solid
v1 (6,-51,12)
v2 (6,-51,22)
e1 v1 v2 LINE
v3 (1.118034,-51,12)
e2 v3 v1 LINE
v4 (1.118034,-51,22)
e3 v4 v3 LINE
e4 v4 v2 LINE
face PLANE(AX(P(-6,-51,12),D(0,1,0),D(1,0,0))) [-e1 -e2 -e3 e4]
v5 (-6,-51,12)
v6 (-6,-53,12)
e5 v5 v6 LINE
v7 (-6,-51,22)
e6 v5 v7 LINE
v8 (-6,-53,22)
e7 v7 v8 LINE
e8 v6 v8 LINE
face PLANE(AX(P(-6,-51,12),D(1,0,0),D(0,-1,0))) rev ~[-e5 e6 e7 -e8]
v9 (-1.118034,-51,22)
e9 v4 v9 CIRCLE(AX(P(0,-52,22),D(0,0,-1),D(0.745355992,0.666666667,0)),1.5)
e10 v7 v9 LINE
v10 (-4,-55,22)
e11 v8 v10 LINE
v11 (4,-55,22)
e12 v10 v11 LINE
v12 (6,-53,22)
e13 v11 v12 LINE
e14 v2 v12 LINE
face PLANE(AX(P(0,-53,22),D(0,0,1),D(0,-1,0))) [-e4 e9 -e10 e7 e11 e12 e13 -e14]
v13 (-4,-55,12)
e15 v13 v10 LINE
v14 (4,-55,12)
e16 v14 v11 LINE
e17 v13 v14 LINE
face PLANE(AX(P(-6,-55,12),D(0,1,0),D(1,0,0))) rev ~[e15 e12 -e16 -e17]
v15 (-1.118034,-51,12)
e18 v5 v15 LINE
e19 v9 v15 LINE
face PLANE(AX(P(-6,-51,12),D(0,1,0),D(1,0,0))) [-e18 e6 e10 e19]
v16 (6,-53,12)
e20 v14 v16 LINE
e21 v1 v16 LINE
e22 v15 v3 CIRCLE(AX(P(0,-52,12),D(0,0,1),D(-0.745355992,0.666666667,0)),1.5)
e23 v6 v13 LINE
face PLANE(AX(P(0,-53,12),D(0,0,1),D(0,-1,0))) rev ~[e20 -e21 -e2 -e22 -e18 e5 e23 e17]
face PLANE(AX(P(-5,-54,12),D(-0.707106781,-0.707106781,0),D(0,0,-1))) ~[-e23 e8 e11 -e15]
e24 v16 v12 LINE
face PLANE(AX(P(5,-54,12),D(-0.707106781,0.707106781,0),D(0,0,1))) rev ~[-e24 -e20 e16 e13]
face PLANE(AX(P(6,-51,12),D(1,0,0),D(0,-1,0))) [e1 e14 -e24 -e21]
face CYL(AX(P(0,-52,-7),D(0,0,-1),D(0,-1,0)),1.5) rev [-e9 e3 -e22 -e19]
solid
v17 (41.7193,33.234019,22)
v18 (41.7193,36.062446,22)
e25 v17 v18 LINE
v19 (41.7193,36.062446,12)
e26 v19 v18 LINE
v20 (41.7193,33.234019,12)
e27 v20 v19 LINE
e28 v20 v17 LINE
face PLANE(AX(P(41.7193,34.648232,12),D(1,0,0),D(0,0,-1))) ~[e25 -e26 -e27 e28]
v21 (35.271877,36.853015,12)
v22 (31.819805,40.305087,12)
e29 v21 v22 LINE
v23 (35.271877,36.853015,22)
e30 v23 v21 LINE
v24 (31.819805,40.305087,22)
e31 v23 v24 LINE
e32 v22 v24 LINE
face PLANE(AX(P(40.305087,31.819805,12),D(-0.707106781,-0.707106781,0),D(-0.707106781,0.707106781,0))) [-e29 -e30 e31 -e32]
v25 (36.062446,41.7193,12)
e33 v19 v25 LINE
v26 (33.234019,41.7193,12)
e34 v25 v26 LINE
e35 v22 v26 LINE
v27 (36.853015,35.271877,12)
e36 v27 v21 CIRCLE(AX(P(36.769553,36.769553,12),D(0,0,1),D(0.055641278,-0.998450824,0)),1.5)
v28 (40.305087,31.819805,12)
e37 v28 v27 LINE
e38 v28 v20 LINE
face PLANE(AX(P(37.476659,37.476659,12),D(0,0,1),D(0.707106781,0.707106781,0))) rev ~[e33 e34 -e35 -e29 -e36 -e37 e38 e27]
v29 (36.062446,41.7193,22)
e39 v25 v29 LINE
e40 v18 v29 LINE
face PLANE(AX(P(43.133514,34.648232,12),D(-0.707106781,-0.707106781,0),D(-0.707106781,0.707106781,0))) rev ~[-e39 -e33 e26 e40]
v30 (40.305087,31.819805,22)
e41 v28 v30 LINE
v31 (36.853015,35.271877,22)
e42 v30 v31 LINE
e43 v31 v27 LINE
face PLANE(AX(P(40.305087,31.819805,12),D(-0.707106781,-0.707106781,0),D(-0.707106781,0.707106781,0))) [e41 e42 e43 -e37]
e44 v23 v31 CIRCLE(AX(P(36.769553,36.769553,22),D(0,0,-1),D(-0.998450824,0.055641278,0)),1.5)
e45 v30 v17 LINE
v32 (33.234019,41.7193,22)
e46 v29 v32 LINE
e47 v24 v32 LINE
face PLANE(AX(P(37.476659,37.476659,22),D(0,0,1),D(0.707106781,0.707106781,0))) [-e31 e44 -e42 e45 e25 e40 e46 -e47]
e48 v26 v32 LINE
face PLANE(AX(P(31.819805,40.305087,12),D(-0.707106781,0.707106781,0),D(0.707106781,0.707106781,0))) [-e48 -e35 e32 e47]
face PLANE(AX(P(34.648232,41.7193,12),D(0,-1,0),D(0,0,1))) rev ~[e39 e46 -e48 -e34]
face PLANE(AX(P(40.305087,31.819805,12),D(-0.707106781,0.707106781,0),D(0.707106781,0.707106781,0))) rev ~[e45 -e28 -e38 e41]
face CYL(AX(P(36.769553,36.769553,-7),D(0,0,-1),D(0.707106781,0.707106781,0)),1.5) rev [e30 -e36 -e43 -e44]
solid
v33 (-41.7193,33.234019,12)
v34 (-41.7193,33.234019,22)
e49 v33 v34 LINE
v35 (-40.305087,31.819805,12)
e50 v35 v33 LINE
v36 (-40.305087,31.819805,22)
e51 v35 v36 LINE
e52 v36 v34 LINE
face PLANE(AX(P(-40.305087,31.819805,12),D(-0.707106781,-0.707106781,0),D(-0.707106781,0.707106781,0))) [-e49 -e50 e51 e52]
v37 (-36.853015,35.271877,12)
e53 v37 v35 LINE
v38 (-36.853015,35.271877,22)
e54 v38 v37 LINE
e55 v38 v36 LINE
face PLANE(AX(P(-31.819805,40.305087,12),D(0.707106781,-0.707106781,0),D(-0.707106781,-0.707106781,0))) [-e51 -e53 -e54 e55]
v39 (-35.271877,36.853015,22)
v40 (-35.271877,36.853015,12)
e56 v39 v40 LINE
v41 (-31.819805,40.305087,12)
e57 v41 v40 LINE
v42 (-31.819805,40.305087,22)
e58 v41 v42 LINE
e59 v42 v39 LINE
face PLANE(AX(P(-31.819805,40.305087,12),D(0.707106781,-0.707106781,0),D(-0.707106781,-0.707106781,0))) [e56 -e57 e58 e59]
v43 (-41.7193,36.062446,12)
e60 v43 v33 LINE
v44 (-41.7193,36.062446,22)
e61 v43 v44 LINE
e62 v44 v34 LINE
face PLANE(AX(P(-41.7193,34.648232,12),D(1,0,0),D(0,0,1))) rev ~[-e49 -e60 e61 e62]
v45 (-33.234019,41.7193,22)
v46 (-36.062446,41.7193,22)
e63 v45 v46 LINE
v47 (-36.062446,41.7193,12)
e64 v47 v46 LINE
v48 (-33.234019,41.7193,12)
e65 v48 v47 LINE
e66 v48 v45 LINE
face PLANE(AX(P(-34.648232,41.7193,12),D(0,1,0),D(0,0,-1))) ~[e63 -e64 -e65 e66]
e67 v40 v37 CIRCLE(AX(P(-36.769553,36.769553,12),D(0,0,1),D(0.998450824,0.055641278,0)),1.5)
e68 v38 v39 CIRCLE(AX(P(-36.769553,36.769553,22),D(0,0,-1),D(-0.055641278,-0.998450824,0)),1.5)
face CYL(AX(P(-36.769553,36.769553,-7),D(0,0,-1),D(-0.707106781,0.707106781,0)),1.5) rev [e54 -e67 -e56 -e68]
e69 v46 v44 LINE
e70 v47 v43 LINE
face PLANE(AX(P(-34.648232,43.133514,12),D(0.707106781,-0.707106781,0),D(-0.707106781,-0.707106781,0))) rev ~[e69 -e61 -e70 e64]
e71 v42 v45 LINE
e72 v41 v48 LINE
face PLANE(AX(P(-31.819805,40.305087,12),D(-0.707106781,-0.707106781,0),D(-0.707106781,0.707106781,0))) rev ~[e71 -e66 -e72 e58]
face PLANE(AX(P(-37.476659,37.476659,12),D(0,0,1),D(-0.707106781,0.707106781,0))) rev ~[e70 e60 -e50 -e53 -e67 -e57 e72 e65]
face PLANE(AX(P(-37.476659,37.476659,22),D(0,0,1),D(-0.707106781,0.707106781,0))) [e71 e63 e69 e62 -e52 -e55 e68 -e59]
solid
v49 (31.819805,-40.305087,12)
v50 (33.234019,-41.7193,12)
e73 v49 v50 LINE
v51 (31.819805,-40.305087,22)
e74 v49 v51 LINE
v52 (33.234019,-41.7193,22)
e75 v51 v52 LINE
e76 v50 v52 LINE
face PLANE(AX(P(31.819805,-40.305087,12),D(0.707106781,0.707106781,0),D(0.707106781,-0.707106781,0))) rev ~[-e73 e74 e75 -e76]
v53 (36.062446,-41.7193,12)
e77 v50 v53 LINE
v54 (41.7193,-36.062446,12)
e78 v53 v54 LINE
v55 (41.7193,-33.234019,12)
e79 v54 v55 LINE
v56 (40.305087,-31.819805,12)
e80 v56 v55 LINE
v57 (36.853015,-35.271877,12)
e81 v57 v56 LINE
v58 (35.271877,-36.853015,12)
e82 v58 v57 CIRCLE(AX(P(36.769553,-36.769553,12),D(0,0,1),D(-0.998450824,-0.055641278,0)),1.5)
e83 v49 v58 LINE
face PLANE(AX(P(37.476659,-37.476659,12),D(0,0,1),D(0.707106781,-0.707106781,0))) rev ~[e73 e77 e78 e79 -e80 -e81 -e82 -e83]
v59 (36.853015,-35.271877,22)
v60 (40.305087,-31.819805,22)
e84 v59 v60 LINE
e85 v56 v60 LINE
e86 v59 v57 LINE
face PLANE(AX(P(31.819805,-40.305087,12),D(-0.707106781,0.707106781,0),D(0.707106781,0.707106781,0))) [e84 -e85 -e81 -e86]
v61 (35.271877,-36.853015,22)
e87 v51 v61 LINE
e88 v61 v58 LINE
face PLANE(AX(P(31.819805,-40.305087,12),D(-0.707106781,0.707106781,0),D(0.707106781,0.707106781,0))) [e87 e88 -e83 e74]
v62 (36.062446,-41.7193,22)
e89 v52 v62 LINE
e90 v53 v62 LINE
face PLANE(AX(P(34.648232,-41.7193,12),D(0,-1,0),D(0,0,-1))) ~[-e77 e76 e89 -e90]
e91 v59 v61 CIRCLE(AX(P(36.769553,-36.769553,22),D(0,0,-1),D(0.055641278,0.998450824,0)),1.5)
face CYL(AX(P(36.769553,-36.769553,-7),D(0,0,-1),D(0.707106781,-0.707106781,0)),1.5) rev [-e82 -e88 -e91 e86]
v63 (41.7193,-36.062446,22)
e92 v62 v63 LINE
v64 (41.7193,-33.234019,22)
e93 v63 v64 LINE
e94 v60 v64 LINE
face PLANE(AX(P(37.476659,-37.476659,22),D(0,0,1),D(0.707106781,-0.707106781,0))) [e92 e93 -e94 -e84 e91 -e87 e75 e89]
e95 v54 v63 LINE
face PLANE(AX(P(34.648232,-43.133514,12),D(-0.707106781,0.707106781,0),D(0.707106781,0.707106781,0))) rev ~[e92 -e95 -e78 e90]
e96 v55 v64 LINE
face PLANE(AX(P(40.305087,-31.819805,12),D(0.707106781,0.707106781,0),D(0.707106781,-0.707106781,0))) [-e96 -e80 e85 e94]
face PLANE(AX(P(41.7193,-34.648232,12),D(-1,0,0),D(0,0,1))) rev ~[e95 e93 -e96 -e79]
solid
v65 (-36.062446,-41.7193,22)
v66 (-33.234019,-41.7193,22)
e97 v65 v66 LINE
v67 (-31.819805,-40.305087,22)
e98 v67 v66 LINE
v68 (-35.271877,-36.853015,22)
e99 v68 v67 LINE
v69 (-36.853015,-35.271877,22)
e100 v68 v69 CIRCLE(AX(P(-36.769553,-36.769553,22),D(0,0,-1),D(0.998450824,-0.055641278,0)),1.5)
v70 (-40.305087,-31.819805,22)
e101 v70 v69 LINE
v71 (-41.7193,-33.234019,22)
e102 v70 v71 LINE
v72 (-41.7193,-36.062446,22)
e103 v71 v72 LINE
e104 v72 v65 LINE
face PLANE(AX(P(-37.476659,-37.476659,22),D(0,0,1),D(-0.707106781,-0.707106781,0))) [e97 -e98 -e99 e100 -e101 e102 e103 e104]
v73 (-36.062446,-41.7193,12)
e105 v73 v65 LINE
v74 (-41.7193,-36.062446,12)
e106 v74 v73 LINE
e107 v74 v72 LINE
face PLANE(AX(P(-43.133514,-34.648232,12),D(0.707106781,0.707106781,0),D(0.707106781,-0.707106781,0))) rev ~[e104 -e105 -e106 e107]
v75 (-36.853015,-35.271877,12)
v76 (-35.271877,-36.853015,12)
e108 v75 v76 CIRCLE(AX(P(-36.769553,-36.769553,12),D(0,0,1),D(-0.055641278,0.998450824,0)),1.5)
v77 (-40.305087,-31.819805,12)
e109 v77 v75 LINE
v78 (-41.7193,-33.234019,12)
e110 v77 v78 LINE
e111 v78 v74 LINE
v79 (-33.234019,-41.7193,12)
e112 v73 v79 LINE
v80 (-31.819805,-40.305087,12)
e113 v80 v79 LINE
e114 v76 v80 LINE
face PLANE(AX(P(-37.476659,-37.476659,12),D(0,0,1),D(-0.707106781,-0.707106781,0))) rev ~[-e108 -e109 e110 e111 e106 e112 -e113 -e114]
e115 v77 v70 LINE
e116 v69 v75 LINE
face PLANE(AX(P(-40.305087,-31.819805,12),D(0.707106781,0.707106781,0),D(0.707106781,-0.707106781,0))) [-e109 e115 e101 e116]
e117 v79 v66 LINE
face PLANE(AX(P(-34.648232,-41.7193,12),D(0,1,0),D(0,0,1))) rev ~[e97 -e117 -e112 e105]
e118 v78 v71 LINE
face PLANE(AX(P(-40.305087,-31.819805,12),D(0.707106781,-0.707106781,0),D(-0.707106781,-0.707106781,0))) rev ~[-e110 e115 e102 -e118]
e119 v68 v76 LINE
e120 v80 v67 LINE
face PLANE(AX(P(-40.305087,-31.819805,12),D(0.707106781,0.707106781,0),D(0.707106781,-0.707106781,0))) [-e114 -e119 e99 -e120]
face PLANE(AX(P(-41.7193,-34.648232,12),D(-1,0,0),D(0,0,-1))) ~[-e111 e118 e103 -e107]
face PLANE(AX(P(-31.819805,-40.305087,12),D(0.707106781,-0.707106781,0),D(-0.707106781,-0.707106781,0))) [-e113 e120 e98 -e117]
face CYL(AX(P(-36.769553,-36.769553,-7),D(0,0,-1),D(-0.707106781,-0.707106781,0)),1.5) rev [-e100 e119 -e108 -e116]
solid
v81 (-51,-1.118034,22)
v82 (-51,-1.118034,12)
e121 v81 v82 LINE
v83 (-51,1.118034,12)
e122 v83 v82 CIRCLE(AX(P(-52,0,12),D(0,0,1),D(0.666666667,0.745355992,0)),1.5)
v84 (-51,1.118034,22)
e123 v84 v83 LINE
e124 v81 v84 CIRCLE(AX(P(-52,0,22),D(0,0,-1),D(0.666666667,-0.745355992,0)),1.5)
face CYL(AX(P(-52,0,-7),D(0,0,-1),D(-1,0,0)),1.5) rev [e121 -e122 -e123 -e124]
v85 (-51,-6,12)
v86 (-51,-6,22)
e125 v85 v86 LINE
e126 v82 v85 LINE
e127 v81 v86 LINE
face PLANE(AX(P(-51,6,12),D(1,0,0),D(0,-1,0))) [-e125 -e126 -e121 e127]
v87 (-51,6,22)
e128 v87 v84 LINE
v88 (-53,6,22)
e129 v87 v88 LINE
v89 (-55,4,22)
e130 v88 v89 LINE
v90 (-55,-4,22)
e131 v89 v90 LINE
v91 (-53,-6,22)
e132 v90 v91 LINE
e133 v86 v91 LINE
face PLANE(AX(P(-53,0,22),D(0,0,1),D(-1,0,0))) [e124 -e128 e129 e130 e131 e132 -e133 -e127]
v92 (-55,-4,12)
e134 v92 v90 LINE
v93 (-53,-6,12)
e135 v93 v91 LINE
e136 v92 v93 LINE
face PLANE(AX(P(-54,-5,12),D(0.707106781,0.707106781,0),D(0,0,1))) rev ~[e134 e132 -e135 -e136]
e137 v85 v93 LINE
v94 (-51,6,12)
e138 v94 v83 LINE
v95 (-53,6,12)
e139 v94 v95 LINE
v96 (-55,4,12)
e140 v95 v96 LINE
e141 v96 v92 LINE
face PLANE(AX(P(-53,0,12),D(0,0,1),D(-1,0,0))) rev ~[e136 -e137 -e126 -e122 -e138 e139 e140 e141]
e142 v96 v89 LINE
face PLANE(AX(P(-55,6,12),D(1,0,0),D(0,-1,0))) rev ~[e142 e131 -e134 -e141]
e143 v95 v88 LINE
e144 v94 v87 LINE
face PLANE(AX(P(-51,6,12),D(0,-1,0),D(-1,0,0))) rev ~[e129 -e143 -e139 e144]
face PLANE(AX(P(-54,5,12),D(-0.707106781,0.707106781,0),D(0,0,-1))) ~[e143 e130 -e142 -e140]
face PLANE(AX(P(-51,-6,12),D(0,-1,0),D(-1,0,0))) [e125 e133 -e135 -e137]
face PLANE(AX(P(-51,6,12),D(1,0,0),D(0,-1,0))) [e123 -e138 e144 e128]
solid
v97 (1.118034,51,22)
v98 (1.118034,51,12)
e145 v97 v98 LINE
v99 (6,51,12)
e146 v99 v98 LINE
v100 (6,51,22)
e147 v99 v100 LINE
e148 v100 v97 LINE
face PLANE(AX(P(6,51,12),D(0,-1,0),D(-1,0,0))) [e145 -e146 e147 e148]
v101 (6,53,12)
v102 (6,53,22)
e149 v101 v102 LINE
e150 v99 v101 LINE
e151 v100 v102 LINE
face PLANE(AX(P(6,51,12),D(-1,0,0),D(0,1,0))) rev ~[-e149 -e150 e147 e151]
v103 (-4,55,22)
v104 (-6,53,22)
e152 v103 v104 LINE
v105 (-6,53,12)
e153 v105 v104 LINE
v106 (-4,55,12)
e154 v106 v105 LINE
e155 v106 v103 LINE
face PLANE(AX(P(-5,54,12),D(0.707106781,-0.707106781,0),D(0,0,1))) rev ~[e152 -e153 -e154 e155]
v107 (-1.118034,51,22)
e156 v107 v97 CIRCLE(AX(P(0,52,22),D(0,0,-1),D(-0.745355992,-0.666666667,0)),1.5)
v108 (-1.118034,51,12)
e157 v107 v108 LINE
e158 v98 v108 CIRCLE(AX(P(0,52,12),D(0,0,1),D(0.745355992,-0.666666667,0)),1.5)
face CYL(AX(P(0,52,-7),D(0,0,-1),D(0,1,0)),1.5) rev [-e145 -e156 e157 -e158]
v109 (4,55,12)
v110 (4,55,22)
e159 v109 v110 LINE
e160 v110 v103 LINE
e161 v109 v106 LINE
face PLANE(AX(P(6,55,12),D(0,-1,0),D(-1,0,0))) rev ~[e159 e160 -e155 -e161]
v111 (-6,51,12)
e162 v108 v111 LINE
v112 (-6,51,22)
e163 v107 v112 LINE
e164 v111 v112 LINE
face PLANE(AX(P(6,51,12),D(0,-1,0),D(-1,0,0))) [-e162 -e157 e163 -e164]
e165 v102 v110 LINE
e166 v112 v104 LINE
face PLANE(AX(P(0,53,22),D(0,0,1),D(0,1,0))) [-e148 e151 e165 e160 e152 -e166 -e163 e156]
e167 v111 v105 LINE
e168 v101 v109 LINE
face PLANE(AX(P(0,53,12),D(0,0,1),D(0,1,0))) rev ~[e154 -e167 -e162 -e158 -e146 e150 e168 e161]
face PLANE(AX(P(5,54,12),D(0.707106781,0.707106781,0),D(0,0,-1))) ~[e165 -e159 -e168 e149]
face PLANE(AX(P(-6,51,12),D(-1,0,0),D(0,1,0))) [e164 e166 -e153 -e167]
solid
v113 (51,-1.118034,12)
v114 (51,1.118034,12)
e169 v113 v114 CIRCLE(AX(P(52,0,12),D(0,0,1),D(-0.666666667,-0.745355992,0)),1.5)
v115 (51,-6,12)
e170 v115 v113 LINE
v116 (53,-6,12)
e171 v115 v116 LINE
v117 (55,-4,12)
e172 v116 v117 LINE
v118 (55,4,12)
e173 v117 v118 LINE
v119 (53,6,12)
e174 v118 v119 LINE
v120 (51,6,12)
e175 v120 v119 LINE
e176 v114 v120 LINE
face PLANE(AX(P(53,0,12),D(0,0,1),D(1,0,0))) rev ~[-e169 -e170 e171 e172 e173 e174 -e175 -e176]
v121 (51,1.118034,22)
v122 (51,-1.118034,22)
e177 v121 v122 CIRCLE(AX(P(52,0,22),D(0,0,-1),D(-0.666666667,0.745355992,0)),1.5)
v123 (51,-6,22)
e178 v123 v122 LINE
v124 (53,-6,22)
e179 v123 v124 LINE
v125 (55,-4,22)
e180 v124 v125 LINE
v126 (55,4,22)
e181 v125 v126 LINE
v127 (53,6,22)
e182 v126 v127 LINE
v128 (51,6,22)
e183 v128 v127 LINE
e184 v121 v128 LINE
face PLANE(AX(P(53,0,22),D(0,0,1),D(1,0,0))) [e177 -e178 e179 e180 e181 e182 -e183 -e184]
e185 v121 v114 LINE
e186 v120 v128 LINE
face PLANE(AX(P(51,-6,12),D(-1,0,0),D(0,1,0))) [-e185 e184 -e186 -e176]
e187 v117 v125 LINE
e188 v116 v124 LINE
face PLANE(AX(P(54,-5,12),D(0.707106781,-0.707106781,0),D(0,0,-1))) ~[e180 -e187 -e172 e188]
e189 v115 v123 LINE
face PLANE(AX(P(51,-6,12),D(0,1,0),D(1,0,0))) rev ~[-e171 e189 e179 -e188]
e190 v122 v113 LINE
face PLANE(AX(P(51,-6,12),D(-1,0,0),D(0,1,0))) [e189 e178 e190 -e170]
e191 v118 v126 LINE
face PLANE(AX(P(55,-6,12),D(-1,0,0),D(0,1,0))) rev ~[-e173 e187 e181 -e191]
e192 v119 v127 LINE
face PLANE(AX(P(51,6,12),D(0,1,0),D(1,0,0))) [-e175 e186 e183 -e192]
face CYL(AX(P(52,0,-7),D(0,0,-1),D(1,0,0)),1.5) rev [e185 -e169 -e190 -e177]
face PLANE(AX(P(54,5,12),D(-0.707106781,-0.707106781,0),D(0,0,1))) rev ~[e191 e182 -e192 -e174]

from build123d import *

# Parameters (mm, degrees)
CYLINDER1433_R               = 1.5
CYLINDER1433_DEPTH           = 50
CYLINDER1433_PLACEMENT_ANGLE = 45
CYLINDER1431_R               = 1.5
CYLINDER1431_DEPTH           = 50
CYLINDER1438_R               = 1.5
CYLINDER1438_DEPTH           = 50
CYLINDER1438_PLACEMENT_ANGLE = 135
CYLINDER1434_R               = 1.5
CYLINDER1434_DEPTH           = 50
CYLINDER1435_R               = 1.5
CYLINDER1435_DEPTH           = 50
CYLINDER1435_PLACEMENT_ANGLE = 225
CYLINDER1436_R               = 1.5
CYLINDER1436_DEPTH           = 50
CYLINDER1437_R               = 1.5
CYLINDER1437_DEPTH           = 50
CYLINDER1437_PLACEMENT_ANGLE = 45
CYLINDER1432_R               = 1.5
CYLINDER1432_DEPTH           = 50
BOX600_W                     = 4
BOX600_H                     = 12
BOX600_DEPTH                 = 10
CHAMFER040_SIZE              = 2
CHAMFER040_PLACEMENT_ANGLE   = 45
CHAMFER041_SIZE              = 2
CHAMFER041_PLACEMENT_ANGLE   = 90
CHAMFER042_SIZE              = 2
CHAMFER042_PLACEMENT_ANGLE   = 135
CHAMFER043_SIZE              = 2
CHAMFER043_PLACEMENT_ANGLE   = 180
CHAMFER044_SIZE              = 2
CHAMFER044_PLACEMENT_ANGLE   = 225
CHAMFER045_SIZE              = 2
CHAMFER045_PLACEMENT_ANGLE   = 90
CHAMFER046_SIZE              = 2
CHAMFER046_PLACEMENT_ANGLE   = 45
CHAMFER039_SIZE              = 2


with BuildPart() as v_lec1433:
    # Cylinder1433 → Cylinder1433 (new body)
    with BuildSketch(Plane.XY):
        Circle(CYLINDER1433_R)
    extrude(amount=CYLINDER1433_DEPTH)


with BuildPart() as v_lec1433_1:
    # Cylinder1433 placement: moved
    add(v_lec1433.part.moved(Location((36.769553, 36.769553, 0))).rotate(Axis((36.769553, 36.769553, 0), (0, 0, 1)), CYLINDER1433_PLACEMENT_ANGLE))


with BuildPart() as v_lec1431:
    # Cylinder1431 → Cylinder1431 (new body)
    with BuildSketch(Plane(origin=(0, 52, 0), x_dir=(0, 1, 0), z_dir=(0, 0, 1))):
        Circle(CYLINDER1431_R)
    extrude(amount=CYLINDER1431_DEPTH)


with BuildPart() as v_lec1438:
    # Cylinder1438 → Cylinder1438 (new body)
    with BuildSketch(Plane.XY):
        Circle(CYLINDER1438_R)
    extrude(amount=CYLINDER1438_DEPTH)


with BuildPart() as v_lec1438_1:
    # Cylinder1438 placement: moved
    add(v_lec1438.part.moved(Location((-36.769553, 36.769553, 0))).rotate(Axis((-36.769553, 36.769553, 0), (0, 0, 1)), CYLINDER1438_PLACEMENT_ANGLE))


with BuildPart() as v_lec1434:
    # Cylinder1434 → Cylinder1434 (new body)
    with BuildSketch(Plane(origin=(-52, 0, 0), x_dir=(-1, 0, 0), z_dir=(0, 0, 1))):
        Circle(CYLINDER1434_R)
    extrude(amount=CYLINDER1434_DEPTH)


with BuildPart() as v_lec1435:
    # Cylinder1435 → Cylinder1435 (new body)
    with BuildSketch(Plane.XY):
        Circle(CYLINDER1435_R)
    extrude(amount=CYLINDER1435_DEPTH)


with BuildPart() as v_lec1435_1:
    # Cylinder1435 placement: moved
    add(v_lec1435.part.moved(Location((-36.769553, -36.769553, 0))).rotate(Axis((-36.769553, -36.769553, 0), (0, 0, 1)), CYLINDER1435_PLACEMENT_ANGLE))


with BuildPart() as v_lec1436:
    # Cylinder1436 → Cylinder1436 (new body)
    with BuildSketch(Plane(origin=(0, -52, 0), x_dir=(0, -1, 0), z_dir=(0, 0, 1))):
        Circle(CYLINDER1436_R)
    extrude(amount=CYLINDER1436_DEPTH)


with BuildPart() as v_lec1437:
    # Cylinder1437 → Cylinder1437 (new body)
    with BuildSketch(Plane.XY):
        Circle(CYLINDER1437_R)
    extrude(amount=CYLINDER1437_DEPTH)


with BuildPart() as v_lec1437_1:
    # Cylinder1437 placement: moved
    add(v_lec1437.part.moved(Location((36.769553, -36.769553, 0))).rotate(Axis((36.769553, -36.769553, 0), (0, 0, -1)), CYLINDER1437_PLACEMENT_ANGLE))


with BuildPart() as compound973:
    # Cylinder1432 → Cylinder1432 (new body)
    with BuildSketch(Plane(origin=(52, 0, 0), x_dir=(1, 0, 0), z_dir=(0, 0, 1))):
        Circle(CYLINDER1432_R)
    extrude(amount=CYLINDER1432_DEPTH)

    # Compound973: union Válec1433, Válec1431, Válec1438, Válec1434, Válec1435, Válec1436, Válec1437
    add(v_lec1433_1.part)
    add(v_lec1431.part)
    add(v_lec1438_1.part)
    add(v_lec1434.part)
    add(v_lec1435_1.part)
    add(v_lec1436.part)
    add(v_lec1437_1.part)


with BuildPart() as compound973_1:
    # Compound973 placement: moved
    add(compound973.part.moved(Location((0, 0, -7))))


with BuildPart() as krychle600:
    # Box600 → Box600 (new body)
    with BuildSketch(Plane(origin=(51, -6, 12), x_dir=(1, 0, 0), z_dir=(0, 0, 1))):
        with Locations((2, 6)):
            Rectangle(BOX600_W, BOX600_H)
    extrude(amount=BOX600_DEPTH)


with BuildPart() as chamfer040:
    # Chamfer040 base: copy of Krychle600
    add(krychle600.part)

    # Chamfer040
    chamfer040_edges = [chamfer040.edges().sort_by_distance(p)[0] for p in [
        (55, -6, 17),
        (55, 6, 17),
    ]]
    chamfer(chamfer040_edges, length=CHAMFER040_SIZE)


with BuildPart() as chamfer040_1:
    # Chamfer040 placement: moved
    add(chamfer040.part.rotate(Axis((0, 0, 0), (0, 0, 1)), CHAMFER040_PLACEMENT_ANGLE))


with BuildPart() as chamfer041:
    # Chamfer041 base: copy of Krychle600
    add(krychle600.part)

    # Chamfer041
    chamfer041_edges = [chamfer041.edges().sort_by_distance(p)[0] for p in [
        (55, -6, 17),
        (55, 6, 17),
    ]]
    chamfer(chamfer041_edges, length=CHAMFER041_SIZE)


with BuildPart() as chamfer041_1:
    # Chamfer041 placement: moved
    add(chamfer041.part.rotate(Axis((0, 0, 0), (0, 0, 1)), CHAMFER041_PLACEMENT_ANGLE))


with BuildPart() as chamfer042:
    # Chamfer042 base: copy of Krychle600
    add(krychle600.part)

    # Chamfer042
    chamfer042_edges = [chamfer042.edges().sort_by_distance(p)[0] for p in [
        (55, -6, 17),
        (55, 6, 17),
    ]]
    chamfer(chamfer042_edges, length=CHAMFER042_SIZE)


with BuildPart() as chamfer042_1:
    # Chamfer042 placement: moved
    add(chamfer042.part.rotate(Axis((0, 0, 0), (0, 0, 1)), CHAMFER042_PLACEMENT_ANGLE))


with BuildPart() as chamfer043:
    # Chamfer043 base: copy of Krychle600
    add(krychle600.part)

    # Chamfer043
    chamfer043_edges = [chamfer043.edges().sort_by_distance(p)[0] for p in [
        (55, -6, 17),
        (55, 6, 17),
    ]]
    chamfer(chamfer043_edges, length=CHAMFER043_SIZE)


with BuildPart() as chamfer043_1:
    # Chamfer043 placement: moved
    add(chamfer043.part.rotate(Axis((0, 0, 0), (0, 0, 1)), CHAMFER043_PLACEMENT_ANGLE))


with BuildPart() as chamfer044:
    # Chamfer044 base: copy of Krychle600
    add(krychle600.part)

    # Chamfer044
    chamfer044_edges = [chamfer044.edges().sort_by_distance(p)[0] for p in [
        (55, -6, 17),
        (55, 6, 17),
    ]]
    chamfer(chamfer044_edges, length=CHAMFER044_SIZE)


with BuildPart() as chamfer044_1:
    # Chamfer044 placement: moved
    add(chamfer044.part.rotate(Axis((0, 0, 0), (0, 0, 1)), CHAMFER044_PLACEMENT_ANGLE))


with BuildPart() as chamfer045:
    # Chamfer045 base: copy of Krychle600
    add(krychle600.part)

    # Chamfer045
    chamfer045_edges = [chamfer045.edges().sort_by_distance(p)[0] for p in [
        (55, -6, 17),
        (55, 6, 17),
    ]]
    chamfer(chamfer045_edges, length=CHAMFER045_SIZE)


with BuildPart() as chamfer045_1:
    # Chamfer045 placement: moved
    add(chamfer045.part.rotate(Axis((0, 0, 0), (0, 0, -1)), CHAMFER045_PLACEMENT_ANGLE))


with BuildPart() as chamfer046:
    # Chamfer046 base: copy of Krychle600
    add(krychle600.part)

    # Chamfer046
    chamfer046_edges = [chamfer046.edges().sort_by_distance(p)[0] for p in [
        (55, -6, 17),
        (55, 6, 17),
    ]]
    chamfer(chamfer046_edges, length=CHAMFER046_SIZE)


with BuildPart() as chamfer046_1:
    # Chamfer046 placement: moved
    add(chamfer046.part.rotate(Axis((0, 0, 0), (0, 0, -1)), CHAMFER046_PLACEMENT_ANGLE))


with BuildPart() as cut520:
    # Chamfer039 base: copy of Krychle600
    add(krychle600.part)

    # Chamfer039
    chamfer039_edges = [cut520.edges().sort_by_distance(p)[0] for p in [
        (55, -6, 17),
        (55, 6, 17),
    ]]
    chamfer(chamfer039_edges, length=CHAMFER039_SIZE)

    # Compound974: union Chamfer040, Chamfer041, Chamfer042, Chamfer043, Chamfer044, Chamfer045, Chamfer046
    add(chamfer040_1.part)
    add(chamfer041_1.part)
    add(chamfer042_1.part)
    add(chamfer043_1.part)
    add(chamfer044_1.part)
    add(chamfer045_1.part)
    add(chamfer046_1.part)

    # Cut520: cut Compound973
    add(compound973_1.part, mode=Mode.SUBTRACT)


solid = cut520.part
